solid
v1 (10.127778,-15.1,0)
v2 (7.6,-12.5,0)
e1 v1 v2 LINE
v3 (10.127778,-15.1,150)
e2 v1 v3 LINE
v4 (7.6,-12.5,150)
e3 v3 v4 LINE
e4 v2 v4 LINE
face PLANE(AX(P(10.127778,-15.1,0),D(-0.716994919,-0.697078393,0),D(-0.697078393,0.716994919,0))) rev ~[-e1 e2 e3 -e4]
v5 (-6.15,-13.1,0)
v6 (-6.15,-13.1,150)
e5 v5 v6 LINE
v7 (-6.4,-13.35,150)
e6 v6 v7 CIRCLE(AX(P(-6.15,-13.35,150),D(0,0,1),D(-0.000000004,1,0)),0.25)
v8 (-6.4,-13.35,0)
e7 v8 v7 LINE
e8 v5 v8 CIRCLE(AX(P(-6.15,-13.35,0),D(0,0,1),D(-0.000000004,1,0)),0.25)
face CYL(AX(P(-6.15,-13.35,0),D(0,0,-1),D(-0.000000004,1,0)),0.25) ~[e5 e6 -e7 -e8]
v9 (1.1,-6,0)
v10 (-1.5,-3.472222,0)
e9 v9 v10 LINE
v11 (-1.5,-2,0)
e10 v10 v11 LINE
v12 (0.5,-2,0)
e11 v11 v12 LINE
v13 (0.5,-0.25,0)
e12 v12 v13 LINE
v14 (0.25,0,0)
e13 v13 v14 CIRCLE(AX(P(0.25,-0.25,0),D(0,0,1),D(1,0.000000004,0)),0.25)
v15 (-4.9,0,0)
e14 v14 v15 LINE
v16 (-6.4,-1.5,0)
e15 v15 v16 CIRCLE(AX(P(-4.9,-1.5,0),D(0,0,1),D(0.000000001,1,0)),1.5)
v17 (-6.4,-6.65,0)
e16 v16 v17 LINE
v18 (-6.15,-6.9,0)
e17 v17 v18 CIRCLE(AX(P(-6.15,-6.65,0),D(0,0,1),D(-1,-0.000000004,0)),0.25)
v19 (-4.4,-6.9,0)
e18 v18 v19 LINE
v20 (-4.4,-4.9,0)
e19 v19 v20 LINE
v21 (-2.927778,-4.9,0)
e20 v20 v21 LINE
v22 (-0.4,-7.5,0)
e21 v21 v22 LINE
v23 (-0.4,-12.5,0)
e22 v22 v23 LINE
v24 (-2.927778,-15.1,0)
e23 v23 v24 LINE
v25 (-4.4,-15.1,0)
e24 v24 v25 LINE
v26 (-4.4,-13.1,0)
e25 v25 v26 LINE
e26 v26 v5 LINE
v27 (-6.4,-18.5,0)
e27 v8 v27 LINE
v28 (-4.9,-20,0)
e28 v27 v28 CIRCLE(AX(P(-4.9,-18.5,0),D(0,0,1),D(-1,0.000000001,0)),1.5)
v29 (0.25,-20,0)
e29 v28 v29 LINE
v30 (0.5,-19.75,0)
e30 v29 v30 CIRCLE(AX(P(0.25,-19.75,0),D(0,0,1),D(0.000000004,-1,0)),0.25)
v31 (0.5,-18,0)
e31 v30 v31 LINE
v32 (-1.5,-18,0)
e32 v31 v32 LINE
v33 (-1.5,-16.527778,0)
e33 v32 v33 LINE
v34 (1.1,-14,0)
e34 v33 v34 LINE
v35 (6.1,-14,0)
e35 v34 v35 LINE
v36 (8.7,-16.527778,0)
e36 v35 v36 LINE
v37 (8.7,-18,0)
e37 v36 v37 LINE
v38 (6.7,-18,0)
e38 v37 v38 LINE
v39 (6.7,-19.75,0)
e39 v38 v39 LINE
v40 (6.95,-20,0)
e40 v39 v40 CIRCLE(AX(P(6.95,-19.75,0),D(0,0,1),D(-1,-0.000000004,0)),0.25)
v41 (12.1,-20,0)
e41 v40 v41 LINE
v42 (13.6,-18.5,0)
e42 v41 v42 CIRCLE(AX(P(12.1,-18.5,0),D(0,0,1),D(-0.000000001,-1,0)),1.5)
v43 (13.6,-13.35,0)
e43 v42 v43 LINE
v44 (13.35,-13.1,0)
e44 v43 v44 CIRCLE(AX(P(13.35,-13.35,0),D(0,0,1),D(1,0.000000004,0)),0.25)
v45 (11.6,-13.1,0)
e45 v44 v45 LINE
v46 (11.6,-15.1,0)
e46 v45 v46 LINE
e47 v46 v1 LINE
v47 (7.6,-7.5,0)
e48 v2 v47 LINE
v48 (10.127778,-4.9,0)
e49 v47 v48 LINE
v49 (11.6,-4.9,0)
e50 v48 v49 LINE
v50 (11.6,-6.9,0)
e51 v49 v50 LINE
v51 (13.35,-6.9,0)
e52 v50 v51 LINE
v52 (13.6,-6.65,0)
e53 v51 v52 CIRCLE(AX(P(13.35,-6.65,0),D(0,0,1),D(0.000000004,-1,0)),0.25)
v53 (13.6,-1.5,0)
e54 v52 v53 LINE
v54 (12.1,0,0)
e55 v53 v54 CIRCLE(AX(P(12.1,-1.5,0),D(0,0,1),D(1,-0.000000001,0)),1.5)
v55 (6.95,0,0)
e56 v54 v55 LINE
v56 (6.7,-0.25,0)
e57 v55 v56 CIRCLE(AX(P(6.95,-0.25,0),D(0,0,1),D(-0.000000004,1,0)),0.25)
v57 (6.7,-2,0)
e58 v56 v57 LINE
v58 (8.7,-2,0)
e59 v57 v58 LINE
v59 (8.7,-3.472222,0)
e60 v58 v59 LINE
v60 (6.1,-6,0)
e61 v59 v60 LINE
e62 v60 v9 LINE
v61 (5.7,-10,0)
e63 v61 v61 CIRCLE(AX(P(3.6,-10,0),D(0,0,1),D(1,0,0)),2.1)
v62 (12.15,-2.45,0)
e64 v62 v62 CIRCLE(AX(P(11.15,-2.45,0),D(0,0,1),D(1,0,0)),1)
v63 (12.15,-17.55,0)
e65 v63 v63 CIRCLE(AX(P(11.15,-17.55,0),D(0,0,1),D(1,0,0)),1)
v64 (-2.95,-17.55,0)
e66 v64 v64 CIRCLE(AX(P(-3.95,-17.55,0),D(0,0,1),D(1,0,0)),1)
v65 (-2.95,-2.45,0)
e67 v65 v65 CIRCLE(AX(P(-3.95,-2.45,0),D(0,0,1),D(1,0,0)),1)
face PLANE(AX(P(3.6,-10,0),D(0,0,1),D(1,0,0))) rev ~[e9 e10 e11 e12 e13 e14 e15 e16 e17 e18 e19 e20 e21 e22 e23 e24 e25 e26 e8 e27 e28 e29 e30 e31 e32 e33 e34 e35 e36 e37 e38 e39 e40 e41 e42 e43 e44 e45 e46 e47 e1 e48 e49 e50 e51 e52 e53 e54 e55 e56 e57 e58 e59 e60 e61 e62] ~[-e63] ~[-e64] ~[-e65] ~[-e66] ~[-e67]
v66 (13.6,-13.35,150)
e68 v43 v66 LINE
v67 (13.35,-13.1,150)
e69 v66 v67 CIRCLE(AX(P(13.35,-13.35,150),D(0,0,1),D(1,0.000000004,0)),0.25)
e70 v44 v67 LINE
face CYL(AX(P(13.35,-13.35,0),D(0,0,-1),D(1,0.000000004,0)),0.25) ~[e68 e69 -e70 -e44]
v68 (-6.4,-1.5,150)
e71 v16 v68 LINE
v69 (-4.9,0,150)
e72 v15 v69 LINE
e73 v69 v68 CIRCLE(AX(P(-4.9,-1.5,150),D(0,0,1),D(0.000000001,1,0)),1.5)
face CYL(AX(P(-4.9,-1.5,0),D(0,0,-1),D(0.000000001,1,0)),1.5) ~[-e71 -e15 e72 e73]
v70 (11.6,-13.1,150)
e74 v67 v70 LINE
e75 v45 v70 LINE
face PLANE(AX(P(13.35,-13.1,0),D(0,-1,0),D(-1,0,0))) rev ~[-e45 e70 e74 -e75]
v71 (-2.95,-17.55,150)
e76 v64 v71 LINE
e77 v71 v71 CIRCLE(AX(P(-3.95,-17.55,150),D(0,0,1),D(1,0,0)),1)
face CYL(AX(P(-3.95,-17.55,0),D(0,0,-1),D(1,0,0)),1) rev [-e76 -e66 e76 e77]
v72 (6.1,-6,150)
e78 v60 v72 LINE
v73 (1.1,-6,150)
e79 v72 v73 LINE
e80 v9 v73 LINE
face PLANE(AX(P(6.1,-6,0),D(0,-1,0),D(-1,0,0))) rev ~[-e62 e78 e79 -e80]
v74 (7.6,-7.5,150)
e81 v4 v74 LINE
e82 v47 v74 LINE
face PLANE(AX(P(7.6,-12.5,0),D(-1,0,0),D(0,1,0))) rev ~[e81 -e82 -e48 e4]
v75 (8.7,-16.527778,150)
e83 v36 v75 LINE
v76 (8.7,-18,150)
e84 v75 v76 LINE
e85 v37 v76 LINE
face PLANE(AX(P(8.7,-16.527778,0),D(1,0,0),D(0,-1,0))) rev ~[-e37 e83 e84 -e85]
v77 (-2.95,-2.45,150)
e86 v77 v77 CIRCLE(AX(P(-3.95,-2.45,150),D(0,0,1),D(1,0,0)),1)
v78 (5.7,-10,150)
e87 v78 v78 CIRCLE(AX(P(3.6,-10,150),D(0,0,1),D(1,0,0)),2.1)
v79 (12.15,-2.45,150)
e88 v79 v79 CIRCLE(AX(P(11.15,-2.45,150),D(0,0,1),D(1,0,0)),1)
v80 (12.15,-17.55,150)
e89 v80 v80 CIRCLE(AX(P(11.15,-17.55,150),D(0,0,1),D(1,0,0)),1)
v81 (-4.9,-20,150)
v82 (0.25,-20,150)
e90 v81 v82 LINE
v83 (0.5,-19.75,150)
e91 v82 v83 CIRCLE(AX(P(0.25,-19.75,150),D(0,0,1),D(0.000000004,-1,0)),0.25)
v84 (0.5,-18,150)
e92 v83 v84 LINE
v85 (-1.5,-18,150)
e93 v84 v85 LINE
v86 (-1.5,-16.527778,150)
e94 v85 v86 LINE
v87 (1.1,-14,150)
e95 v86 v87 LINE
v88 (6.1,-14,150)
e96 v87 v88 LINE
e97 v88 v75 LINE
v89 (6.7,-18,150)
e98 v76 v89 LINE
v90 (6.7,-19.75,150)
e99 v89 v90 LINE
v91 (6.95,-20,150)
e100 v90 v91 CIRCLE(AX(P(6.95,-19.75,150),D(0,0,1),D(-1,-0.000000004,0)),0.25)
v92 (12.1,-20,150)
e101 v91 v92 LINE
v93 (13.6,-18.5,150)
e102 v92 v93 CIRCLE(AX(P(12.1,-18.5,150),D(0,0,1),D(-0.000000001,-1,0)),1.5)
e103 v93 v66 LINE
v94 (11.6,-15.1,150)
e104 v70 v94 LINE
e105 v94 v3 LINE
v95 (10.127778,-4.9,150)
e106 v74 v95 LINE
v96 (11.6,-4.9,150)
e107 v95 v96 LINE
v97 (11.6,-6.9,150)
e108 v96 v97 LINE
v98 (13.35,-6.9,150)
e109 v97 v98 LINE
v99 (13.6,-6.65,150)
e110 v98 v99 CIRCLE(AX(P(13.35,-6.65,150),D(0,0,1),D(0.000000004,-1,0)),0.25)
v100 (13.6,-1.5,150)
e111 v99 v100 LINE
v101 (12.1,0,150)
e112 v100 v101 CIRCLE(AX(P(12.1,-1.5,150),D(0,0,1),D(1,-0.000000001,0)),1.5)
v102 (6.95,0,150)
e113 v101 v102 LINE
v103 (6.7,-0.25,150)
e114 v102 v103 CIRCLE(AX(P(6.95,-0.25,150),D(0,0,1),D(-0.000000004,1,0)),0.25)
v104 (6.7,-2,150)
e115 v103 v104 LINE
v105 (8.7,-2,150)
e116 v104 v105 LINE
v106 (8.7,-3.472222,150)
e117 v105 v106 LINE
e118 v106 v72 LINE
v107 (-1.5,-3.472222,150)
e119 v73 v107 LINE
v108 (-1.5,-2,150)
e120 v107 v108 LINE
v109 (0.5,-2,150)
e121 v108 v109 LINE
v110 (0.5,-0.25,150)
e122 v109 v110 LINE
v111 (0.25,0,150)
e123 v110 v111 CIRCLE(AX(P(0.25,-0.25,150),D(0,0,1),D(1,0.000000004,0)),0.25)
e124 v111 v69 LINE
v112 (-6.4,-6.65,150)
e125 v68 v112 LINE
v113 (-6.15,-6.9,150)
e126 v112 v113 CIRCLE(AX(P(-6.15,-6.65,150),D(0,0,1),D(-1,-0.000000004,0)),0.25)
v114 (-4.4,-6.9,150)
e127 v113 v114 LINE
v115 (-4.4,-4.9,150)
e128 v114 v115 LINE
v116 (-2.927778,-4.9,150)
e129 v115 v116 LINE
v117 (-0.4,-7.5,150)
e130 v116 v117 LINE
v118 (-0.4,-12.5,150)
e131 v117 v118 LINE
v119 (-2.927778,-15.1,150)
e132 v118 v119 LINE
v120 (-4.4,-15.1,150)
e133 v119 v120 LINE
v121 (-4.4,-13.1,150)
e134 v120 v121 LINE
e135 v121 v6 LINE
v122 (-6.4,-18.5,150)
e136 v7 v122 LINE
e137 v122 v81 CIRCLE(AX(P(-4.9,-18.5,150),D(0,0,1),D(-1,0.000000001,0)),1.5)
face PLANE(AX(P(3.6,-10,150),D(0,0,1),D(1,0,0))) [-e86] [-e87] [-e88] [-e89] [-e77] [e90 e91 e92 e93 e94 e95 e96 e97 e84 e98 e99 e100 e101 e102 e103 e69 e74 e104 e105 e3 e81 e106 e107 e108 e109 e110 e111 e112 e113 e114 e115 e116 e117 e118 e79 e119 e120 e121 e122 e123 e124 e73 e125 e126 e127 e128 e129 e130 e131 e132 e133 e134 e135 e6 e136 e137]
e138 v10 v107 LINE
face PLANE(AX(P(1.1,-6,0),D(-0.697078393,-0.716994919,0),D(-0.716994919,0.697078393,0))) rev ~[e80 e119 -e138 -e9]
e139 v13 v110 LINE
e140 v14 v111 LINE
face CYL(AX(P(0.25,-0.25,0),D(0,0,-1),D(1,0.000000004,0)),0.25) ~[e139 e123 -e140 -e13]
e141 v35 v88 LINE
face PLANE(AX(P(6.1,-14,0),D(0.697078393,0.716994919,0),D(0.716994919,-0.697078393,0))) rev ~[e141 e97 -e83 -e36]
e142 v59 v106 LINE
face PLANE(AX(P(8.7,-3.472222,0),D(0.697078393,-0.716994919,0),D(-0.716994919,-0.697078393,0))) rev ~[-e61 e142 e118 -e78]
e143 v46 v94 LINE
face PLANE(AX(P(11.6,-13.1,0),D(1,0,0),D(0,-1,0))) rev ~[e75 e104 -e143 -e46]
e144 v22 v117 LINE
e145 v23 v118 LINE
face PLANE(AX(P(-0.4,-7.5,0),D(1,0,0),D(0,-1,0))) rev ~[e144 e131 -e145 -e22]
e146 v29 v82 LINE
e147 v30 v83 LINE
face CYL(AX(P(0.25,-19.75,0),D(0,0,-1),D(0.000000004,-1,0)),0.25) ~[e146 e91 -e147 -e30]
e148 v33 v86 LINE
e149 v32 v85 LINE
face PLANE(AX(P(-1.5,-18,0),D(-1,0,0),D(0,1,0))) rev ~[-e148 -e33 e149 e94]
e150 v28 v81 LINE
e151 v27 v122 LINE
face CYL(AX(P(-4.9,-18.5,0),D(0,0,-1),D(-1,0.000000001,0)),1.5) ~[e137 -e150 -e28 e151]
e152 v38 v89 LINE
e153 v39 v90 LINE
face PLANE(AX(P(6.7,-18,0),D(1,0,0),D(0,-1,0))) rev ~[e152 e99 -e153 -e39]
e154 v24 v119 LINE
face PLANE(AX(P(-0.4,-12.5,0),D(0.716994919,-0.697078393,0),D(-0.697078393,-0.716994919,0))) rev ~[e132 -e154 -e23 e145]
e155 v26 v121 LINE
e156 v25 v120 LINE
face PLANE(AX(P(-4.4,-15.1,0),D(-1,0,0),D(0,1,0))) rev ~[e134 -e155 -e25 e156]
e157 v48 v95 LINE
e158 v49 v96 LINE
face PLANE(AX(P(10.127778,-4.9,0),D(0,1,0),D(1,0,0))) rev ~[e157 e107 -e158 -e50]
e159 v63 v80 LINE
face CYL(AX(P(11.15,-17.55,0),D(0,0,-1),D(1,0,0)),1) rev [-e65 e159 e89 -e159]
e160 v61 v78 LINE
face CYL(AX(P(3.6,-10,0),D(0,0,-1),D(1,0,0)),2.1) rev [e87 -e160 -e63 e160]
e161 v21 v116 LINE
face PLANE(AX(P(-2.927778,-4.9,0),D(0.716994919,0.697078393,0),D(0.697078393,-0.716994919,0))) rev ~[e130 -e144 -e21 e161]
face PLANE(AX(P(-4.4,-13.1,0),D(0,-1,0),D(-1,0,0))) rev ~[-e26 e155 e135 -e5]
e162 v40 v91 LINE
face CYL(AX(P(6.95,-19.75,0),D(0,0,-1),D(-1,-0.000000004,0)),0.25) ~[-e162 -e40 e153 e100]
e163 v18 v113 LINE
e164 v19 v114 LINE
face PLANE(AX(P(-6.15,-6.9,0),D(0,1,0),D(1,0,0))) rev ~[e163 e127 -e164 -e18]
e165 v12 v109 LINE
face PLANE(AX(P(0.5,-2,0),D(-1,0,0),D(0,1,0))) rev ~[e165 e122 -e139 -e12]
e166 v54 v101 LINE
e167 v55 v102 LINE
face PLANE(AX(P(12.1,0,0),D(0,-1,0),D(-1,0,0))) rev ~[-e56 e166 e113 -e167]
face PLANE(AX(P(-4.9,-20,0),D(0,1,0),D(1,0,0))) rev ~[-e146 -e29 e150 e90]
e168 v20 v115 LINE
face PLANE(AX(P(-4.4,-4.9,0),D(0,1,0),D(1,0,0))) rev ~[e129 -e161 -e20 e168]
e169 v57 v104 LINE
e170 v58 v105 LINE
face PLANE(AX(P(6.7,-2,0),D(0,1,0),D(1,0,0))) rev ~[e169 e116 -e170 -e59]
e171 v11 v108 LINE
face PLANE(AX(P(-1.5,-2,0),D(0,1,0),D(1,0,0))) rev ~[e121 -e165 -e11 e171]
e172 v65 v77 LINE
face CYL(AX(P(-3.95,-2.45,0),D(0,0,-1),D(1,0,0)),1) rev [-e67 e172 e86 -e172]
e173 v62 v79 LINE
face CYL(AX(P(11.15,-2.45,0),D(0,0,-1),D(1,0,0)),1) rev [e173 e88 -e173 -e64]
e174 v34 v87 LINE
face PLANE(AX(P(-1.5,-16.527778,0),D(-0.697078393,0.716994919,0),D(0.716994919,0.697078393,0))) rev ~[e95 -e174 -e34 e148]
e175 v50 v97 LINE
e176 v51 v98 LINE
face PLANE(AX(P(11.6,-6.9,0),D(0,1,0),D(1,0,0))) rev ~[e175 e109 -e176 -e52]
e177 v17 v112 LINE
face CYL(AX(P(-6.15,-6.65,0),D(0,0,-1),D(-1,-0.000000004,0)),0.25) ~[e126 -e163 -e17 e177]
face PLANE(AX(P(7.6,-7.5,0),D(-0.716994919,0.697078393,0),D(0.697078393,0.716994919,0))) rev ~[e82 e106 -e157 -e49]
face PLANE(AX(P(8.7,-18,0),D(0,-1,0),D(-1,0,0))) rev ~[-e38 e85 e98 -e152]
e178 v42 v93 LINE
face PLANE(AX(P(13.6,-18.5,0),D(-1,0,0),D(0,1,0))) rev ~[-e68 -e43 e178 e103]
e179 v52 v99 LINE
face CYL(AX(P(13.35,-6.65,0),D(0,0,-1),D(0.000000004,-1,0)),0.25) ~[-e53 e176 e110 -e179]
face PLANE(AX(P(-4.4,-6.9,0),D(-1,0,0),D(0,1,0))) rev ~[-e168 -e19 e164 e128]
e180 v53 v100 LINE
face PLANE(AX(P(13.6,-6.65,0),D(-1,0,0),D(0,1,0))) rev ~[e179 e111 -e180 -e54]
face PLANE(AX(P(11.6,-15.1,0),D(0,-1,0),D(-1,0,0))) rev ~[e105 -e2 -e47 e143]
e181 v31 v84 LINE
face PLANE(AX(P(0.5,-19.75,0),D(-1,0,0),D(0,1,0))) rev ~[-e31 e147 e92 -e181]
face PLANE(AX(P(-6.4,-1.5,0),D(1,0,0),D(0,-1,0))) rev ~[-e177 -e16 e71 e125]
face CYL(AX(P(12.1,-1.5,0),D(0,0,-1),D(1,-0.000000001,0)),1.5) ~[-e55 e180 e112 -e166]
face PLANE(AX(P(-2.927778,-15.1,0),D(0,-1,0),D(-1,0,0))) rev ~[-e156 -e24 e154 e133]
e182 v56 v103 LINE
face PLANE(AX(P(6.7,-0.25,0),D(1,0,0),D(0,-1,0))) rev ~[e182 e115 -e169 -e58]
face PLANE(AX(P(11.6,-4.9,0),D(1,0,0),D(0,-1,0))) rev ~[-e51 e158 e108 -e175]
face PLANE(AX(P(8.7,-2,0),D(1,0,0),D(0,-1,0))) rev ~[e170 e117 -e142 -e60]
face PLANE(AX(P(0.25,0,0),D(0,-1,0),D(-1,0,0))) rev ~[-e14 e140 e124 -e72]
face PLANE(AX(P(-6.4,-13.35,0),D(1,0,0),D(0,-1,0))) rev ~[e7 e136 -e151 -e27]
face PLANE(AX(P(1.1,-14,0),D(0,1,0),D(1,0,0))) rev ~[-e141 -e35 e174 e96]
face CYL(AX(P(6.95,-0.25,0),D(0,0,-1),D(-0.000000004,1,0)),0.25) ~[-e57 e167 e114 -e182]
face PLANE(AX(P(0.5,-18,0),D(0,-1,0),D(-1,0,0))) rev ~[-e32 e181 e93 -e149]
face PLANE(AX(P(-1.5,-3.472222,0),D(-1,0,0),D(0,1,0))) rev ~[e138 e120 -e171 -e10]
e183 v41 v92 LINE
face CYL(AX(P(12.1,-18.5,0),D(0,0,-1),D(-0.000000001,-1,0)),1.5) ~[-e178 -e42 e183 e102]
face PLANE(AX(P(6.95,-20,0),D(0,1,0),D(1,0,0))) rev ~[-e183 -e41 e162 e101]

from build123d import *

# Parameters (mm, degrees)
SKETCH1_R           = 1
SKETCH1_R_2         = 2.1
BOSS_EXTRUDE2_DEPTH = 150


with BuildPart() as part:
    # Sketch1 → Boss-Extrude2 (new body)
    with BuildSketch(Plane.XY):
        with BuildLine():
            Line((-6.4, -1.5), (-6.4, -6.65))
            ThreePointArc((-6.4, -6.65), (-6.326776695, -6.826776695), (-6.15, -6.9))
            Line((-6.15, -6.9), (-4.4, -6.9))
            Line((-4.4, -6.9), (-4.4, -4.9))
            Line((-4.4, -4.9), (-2.927777778, -4.9))
            Line((-2.927777778, -4.9), (-0.4, -7.5))
            Line((-0.4, -7.5), (-0.4, -12.5))
            Line((-0.4, -12.5), (-2.927777778, -15.1))
            Line((-2.927777778, -15.1), (-4.4, -15.1))
            Line((-4.4, -15.1), (-4.4, -13.1))
            Line((-4.4, -13.1), (-6.15, -13.1))
            ThreePointArc((-6.15, -13.1), (-6.326776695, -13.173223305), (-6.4, -13.35))
            Line((-6.4, -13.35), (-6.4, -18.5))
            ThreePointArc((-6.4, -18.5), (-5.960660172, -19.560660172), (-4.9, -20))
            Line((-4.9, -20), (0.25, -20))
            ThreePointArc((0.25, -20), (0.426776695, -19.926776695), (0.5, -19.75))
            Line((0.5, -19.75), (0.5, -18))
            Line((0.5, -18), (-1.5, -18))
            Line((-1.5, -18), (-1.5, -16.527777778))
            Line((-1.5, -16.527777778), (1.1, -14))
            Line((1.1, -14), (6.1, -14))
            Line((6.1, -14), (8.7, -16.527777778))
            Line((8.7, -16.527777778), (8.7, -18))
            Line((8.7, -18), (6.7, -18))
            Line((6.7, -18), (6.7, -19.75))
            ThreePointArc((6.7, -19.75), (6.773223305, -19.926776695), (6.95, -20))
            Line((6.95, -20), (12.1, -20))
            ThreePointArc((12.1, -20), (13.160660172, -19.560660172), (13.6, -18.5))
            Line((13.6, -18.5), (13.6, -13.35))
            ThreePointArc((13.6, -13.35), (13.526776695, -13.173223305), (13.35, -13.1))
            Line((13.35, -13.1), (11.6, -13.1))
            Line((11.6, -13.1), (11.6, -15.1))
            Line((11.6, -15.1), (10.127777778, -15.1))
            Line((10.127777778, -15.1), (7.6, -12.5))
            Line((7.6, -12.5), (7.6, -7.5))
            Line((7.6, -7.5), (10.127777778, -4.9))
            Line((10.127777778, -4.9), (11.6, -4.9))
            Line((11.6, -4.9), (11.6, -6.9))
            Line((11.6, -6.9), (13.35, -6.9))
            ThreePointArc((13.35, -6.9), (13.526776695, -6.826776695), (13.6, -6.65))
            Line((13.6, -6.65), (13.6, -1.5))
            ThreePointArc((13.6, -1.5), (13.160660172, -0.439339828), (12.1, 0))
            Line((12.1, 0), (6.95, 0))
            ThreePointArc((6.95, 0), (6.773223305, -0.073223305), (6.7, -0.25))
            Line((6.7, -0.25), (6.7, -2))
            Line((6.7, -2), (8.7, -2))
            Line((8.7, -2), (8.7, -3.472222222))
            Line((8.7, -3.472222222), (6.1, -6))
            Line((6.1, -6), (1.1, -6))
            Line((1.1, -6), (-1.5, -3.472222222))
            Line((-1.5, -3.472222222), (-1.5, -2))
            Line((-1.5, -2), (0.5, -2))
            Line((0.5, -2), (0.5, -0.25))
            ThreePointArc((0.5, -0.25), (0.426776695, -0.073223305), (0.25, 0))
            Line((0.25, 0), (-4.9, 0))
            ThreePointArc((-4.9, 0), (-5.960660172, -0.439339828), (-6.4, -1.5))
        make_face()
        with Locations((-3.95, -2.45)):
            Circle(SKETCH1_R, mode=Mode.SUBTRACT)
        with Locations((11.15, -2.45)):
            Circle(SKETCH1_R, mode=Mode.SUBTRACT)
        with Locations((-3.95, -17.55)):
            Circle(SKETCH1_R, mode=Mode.SUBTRACT)
        with Locations((11.15, -17.55)):
            Circle(SKETCH1_R, mode=Mode.SUBTRACT)
        with Locations((3.6, -10)):
            Circle(SKETCH1_R_2, mode=Mode.SUBTRACT)
    extrude(amount=BOSS_EXTRUDE2_DEPTH)


solid = part.part
